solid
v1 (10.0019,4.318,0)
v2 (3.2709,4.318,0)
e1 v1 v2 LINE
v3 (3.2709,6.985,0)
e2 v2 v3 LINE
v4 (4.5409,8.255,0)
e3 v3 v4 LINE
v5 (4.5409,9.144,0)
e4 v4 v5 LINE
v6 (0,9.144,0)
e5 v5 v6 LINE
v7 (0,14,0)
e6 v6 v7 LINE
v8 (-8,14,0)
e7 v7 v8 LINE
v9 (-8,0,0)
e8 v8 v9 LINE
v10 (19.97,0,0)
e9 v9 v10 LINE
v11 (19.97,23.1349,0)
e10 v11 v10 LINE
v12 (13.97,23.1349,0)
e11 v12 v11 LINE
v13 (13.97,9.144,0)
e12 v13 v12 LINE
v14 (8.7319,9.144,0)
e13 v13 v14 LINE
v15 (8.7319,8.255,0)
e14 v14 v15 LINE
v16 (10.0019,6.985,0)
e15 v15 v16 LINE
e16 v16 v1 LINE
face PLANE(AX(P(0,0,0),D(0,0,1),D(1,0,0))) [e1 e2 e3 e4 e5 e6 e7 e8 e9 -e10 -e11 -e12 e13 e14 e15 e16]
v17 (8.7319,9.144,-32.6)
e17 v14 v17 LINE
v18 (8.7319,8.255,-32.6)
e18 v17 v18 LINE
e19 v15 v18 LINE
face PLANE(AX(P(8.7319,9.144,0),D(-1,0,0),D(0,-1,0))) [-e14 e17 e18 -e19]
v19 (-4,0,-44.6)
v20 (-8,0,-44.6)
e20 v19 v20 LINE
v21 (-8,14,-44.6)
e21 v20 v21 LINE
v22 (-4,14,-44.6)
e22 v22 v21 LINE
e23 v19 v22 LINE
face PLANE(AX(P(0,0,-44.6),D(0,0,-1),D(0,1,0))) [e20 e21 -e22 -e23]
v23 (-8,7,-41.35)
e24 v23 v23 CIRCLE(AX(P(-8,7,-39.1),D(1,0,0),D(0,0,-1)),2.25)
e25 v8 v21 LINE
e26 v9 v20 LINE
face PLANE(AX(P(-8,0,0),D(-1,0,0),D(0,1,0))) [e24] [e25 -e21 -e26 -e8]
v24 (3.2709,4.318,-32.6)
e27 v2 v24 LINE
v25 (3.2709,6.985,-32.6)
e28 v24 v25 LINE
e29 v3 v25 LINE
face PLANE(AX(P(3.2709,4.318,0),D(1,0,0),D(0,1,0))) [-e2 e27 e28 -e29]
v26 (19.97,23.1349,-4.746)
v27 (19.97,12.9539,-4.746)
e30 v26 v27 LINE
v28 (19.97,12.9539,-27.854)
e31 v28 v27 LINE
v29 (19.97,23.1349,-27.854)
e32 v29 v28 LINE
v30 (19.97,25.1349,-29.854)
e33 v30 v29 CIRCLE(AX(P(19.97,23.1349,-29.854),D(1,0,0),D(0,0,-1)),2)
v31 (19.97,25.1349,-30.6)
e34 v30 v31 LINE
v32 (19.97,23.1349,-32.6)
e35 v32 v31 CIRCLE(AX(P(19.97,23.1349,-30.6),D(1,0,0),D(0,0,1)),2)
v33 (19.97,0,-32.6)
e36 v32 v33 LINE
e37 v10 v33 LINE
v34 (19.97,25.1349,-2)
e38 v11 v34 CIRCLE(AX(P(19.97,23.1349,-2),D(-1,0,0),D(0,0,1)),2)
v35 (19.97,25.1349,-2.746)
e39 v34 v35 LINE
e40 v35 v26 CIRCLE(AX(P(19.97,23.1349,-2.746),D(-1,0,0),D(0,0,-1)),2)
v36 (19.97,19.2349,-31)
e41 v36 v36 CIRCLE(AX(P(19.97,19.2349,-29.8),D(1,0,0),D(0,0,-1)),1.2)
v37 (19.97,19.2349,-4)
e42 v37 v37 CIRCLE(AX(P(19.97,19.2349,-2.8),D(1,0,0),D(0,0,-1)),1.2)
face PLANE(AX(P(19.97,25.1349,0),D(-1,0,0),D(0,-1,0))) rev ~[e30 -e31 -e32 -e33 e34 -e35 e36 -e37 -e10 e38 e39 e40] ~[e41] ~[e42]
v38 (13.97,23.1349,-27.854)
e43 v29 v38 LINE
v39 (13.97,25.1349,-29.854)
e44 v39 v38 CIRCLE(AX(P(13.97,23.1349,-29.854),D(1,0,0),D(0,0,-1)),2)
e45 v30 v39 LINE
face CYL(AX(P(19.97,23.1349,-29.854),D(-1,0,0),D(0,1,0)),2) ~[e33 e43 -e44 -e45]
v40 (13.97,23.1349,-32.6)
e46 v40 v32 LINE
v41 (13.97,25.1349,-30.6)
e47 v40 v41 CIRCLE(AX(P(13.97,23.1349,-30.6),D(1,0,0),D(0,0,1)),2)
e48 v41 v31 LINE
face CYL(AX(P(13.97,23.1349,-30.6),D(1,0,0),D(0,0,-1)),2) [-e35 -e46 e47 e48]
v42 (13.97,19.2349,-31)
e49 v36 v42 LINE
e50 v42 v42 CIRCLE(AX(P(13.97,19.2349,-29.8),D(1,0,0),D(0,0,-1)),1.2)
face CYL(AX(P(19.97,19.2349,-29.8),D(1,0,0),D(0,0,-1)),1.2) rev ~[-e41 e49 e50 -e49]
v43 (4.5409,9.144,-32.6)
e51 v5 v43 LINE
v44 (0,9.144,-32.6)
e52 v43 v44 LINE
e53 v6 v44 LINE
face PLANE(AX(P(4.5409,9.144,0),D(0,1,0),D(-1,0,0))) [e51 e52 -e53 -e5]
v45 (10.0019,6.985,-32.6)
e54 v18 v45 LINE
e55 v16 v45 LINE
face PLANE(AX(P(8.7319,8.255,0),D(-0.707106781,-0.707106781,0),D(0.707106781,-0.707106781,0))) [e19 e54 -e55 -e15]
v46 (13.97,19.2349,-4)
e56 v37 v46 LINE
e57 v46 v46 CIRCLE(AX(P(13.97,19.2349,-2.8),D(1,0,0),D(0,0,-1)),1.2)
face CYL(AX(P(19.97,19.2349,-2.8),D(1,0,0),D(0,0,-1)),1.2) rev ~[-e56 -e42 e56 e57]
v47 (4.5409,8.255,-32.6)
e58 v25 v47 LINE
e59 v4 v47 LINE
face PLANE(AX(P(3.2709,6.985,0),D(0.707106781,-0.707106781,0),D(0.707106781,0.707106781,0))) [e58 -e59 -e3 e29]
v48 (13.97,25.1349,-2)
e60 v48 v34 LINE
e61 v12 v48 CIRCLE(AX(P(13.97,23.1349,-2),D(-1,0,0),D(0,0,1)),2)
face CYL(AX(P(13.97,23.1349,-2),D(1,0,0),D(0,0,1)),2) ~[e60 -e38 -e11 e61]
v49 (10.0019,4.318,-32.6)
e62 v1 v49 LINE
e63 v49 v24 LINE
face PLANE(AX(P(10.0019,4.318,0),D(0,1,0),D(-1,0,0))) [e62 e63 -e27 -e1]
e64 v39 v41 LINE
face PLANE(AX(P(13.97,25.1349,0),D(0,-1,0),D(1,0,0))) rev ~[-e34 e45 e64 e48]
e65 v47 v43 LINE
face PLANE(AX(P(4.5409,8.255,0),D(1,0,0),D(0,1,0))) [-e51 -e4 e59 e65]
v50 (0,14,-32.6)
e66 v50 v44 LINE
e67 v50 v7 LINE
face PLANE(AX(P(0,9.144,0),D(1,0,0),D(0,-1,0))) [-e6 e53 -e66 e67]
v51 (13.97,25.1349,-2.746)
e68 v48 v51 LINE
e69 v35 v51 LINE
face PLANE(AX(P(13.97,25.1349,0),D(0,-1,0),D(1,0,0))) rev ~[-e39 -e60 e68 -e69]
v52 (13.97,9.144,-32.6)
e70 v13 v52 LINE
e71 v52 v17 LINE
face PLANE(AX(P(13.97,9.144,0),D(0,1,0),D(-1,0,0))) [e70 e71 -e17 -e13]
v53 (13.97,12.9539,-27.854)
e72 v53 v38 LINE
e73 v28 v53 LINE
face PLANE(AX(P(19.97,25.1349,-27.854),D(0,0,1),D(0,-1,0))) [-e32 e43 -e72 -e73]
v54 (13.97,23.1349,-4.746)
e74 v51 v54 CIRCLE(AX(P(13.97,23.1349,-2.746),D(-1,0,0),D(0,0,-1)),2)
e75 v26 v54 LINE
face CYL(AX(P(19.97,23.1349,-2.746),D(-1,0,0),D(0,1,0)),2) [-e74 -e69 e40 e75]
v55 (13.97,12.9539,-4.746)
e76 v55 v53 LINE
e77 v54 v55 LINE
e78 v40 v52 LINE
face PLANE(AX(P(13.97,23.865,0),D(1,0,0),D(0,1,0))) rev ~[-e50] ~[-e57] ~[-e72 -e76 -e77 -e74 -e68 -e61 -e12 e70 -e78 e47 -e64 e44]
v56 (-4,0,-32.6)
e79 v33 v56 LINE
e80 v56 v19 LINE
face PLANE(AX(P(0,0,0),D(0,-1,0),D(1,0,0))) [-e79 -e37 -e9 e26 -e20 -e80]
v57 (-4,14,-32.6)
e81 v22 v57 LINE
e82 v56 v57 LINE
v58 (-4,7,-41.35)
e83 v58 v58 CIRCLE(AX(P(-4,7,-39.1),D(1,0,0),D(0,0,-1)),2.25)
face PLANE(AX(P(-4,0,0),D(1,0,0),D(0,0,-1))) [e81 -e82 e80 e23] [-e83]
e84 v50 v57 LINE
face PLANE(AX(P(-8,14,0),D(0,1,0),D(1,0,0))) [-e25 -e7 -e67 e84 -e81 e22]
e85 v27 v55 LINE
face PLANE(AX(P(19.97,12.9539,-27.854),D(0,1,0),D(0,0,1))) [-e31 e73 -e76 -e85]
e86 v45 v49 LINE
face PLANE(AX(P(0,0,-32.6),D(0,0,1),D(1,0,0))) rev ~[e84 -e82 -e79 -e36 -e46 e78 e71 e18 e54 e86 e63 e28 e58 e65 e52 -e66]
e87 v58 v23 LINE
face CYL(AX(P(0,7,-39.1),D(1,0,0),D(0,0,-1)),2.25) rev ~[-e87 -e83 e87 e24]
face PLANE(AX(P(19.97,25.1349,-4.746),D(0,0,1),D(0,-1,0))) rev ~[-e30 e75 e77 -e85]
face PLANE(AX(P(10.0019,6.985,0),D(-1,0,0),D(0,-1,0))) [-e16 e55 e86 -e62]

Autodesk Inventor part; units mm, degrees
ref_plane "YZ Plane" through (0, 0, 0) normal (1, 0, 0) x (0, 1, 0)
ref_plane "XZ Plane" through (0, 0, 0) normal (0, 1, 0) x (-1, 0, 0)
ref_plane "XY Plane" through (0, 0, 0) normal (0, 0, 1) x (1, 0, 0)
sketch "Náčrt1" plane through (0, 0, 0) normal (0, 0, 1) x (1, 0, 0)
  line L0 (13.97, 23.865) -> (13.97, 9.144)
  line L1 (0, 9.144) -> (0, 0)
  line L2 (4.5409, 9.144) -> (0, 9.144)
  line L3 (4.5409, 8.255) -> (4.5409, 9.144)
  line L4 (3.2709, 6.985) -> (4.5409, 8.255)
  line L5 (3.2709, 4.318) -> (3.2709, 6.985)
  line L6 (8.7319, 9.144) -> (8.7319, 8.255)
  line L7 (13.97, 9.144) -> (8.7319, 9.144)
  line L8 (8.7319, 8.255) -> (10.0019, 6.985)
  line L9 (10.0019, 6.985) -> (10.0019, 4.318)
  line L10 (10.0019, 4.318) -> (3.2709, 4.318)
  line L11 (0, 0) -> (19.97, 0)
  line L12 (13.97, 22.5956) -> (13.97, 25.1349)
  line L13 (13.97, 20.4353) -> (13.97, 18.035)
  line L14 (13.97, 25.1349) -> (19.97, 25.1349)
  line L15 (19.97, 25.1349) -> (19.97, 0)
extrude "Vysunutí1" add sketch "Náčrt1" against normal blind 32.6
sketch "Náčrt2" plane through (19.97, 0, 0) normal (1, 0, 0) x (0, 0, -1)
  line L0 (0, 25.1349) -> (32.6, 25.1349) projected
  line L1 (16.3, 25.1349) -> (4.746, 25.1349)
  line L2 (4.746, 25.1349) -> (4.746, 12.9539)
  line L3 (16.3, 25.1349) -> (27.854, 25.1349)
  line L4 (27.854, 25.1349) -> (27.854, 12.9539)
  line L5 (27.854, 12.9539) -> (4.746, 12.9539)
  circle A0 centre (2.8, 19.2349) radius 1.2
  line L6 (16.3, 25.1349) -> (16.3, 15.9225)
  circle A1 centre (29.8, 19.2349) radius 1.2
  point P0 (0, 0)
  point P1 (4.746, 19.0444)
  dimension "d2" = 11.554
  dimension "d3" = 12.181
  dimension "d4" = 11.554
  dimension "d7" = 2.4
  dimension "d8" = 5.9
  dimension "d9" = 1.946
extrude "Vysunutí2" cut sketch "Náčrt2" against normal blind 32.6 contours L0 L4 L5 L2
extrude "Vysunutí3" cut sketch "Náčrt2" against normal blind 32.6 contours A0 | A1
fillet "Zaoblení1" radius 2 4 edges at (16.97, 25.1349, 0) (16.97, 25.1349, -4.746) (16.97, 25.1349, -27.854) (16.97, 25.1349, -32.6)
sketch "Náčrt3" plane through (0, 0, 0) normal (0, -1, 0) x (1, 0, 0)
  point P0 (0, 0)
sketch "Náčrt4" plane through (0, 0, 0) normal (0, 0, 1) x (1, 0, 0)
  line L0 (13.97, 23.1349) -> (19.97, 23.1349) projected
  line L1 (13.97, 23.1349) -> (13.97, 9.144) projected
  line L2 (13.97, 9.144) -> (8.7319, 9.144) projected
  line L3 (8.7319, 9.144) -> (8.7319, 8.255) projected
  line L4 (8.7319, 8.255) -> (10.0019, 6.985) projected
  line L5 (10.0019, 6.985) -> (10.0019, 4.318) projected
  line L6 (10.0019, 4.318) -> (3.2709, 4.318) projected
  line L7 (3.2709, 4.318) -> (3.2709, 6.985) projected
  line L8 (3.2709, 6.985) -> (4.5409, 8.255) projected
  line L9 (4.5409, 8.255) -> (4.5409, 9.144) projected
  line L10 (4.5409, 9.144) -> (0, 9.144) projected
  line L11 (0, 9.144) -> (0, 0) projected
  line L12 (0, 0) -> (19.97, 0) projected
  line L13 (19.97, 0) -> (19.97, 23.1349) projected
  line L14 (0, 0) -> (-8, 0)
  line L15 (-8, 0) -> (-8, 14)
  line L16 (-8, 14) -> (0, 14)
  line L17 (0, 14) -> (0, 0)
  dimension "d13" = 14
  dimension "d14" = 8
extrude "Vysunutí4" add sketch "Náčrt4" along normal blind 12 and the other way blind 32.6 contours L14 L15 L16 L17 L11
sketch "Náčrt5" plane through (0, 0, 0) normal (1, 0, 0) x (0, 0, -1)
  line L0 (0, 9.144) -> (0, 0) projected
  line L1 (0, 9.144) -> (32.6, 9.144) projected
  line L2 (32.6, 14) -> (32.6, 9.144) projected
  line L3 (32.6, 14) -> (-12, 14) projected
  line L4 (-12, 0) -> (-12, 14) projected
  line L5 (0, 0) -> (-12, 0) projected
  circle A0 centre (-6.5, 7) radius 2.25
  line L6 (27.854, 12.9539) -> (4.746, 12.9539) projected
  line L7 (16.3, 12.9539) -> (16.3, -5.3216)
  line L8 (32.6, 9.144) -> (32.6, 0)
  line L9 (44.6, 0) -> (44.6, 14)
  line L10 (32.6, 0) -> (44.6, 0)
  circle A1 centre (39.1, 7) radius 2.25
  line L11 (44.6, 14) -> (32.6, 14)
  line L12 (32.6, 14) -> (32.6, 0)
  dimension "d19" = 4.5
  dimension "d20" = 7
  dimension "d21" = 5.5
extrude "Vysunutí5" add sketch "Náčrt5" against normal up to surface (8 mm away) contours L2 L11 L9 L10 L8 | A0
sketch "Náčrt6" plane through (0, 0, 12) normal (0, 0, 1) x (1, 0, 0)
  line L0 (-8, 14) -> (-8, 0) projected
  line L1 (-8, 0) -> (0, 0) projected
  line L2 (0, 0) -> (0, 14) projected
  line L3 (0, 14) -> (-8, 14) projected
  line L4 (0, 14) -> (-4, 14)
  line L5 (-4, 14) -> (-4, 0)
  line L6 (-4, 0) -> (0, 0)
  line L7 (0, 0) -> (0, 14)
  dimension "d24" = 4
extrude "Vysunutí6" cut sketch "Náčrt6" against normal blind 12 contours L3 L2 L1 L5
extrude "Vysunutí7" cut sketch "Náčrt5" against normal blind 4 contours L2 L11 L9 L10 L8
sketch "Náčrt7" plane through (0, 0, 12) normal (0, 0, 1) x (1, 0, 0)
  line L0 (-4, 0) -> (-4, 14) projected
  line L1 (-4, 14) -> (-8, 14) projected
  line L2 (-8, 14) -> (-8, 0) projected
  line L3 (-8, 0) -> (-4, 0) projected
  point P0 (0, 0)
extrude "Vysunutí8" cut sketch "Náčrt7" against normal up to surface (12 mm away)
properties part number "Motor_holder" material "Měď"
